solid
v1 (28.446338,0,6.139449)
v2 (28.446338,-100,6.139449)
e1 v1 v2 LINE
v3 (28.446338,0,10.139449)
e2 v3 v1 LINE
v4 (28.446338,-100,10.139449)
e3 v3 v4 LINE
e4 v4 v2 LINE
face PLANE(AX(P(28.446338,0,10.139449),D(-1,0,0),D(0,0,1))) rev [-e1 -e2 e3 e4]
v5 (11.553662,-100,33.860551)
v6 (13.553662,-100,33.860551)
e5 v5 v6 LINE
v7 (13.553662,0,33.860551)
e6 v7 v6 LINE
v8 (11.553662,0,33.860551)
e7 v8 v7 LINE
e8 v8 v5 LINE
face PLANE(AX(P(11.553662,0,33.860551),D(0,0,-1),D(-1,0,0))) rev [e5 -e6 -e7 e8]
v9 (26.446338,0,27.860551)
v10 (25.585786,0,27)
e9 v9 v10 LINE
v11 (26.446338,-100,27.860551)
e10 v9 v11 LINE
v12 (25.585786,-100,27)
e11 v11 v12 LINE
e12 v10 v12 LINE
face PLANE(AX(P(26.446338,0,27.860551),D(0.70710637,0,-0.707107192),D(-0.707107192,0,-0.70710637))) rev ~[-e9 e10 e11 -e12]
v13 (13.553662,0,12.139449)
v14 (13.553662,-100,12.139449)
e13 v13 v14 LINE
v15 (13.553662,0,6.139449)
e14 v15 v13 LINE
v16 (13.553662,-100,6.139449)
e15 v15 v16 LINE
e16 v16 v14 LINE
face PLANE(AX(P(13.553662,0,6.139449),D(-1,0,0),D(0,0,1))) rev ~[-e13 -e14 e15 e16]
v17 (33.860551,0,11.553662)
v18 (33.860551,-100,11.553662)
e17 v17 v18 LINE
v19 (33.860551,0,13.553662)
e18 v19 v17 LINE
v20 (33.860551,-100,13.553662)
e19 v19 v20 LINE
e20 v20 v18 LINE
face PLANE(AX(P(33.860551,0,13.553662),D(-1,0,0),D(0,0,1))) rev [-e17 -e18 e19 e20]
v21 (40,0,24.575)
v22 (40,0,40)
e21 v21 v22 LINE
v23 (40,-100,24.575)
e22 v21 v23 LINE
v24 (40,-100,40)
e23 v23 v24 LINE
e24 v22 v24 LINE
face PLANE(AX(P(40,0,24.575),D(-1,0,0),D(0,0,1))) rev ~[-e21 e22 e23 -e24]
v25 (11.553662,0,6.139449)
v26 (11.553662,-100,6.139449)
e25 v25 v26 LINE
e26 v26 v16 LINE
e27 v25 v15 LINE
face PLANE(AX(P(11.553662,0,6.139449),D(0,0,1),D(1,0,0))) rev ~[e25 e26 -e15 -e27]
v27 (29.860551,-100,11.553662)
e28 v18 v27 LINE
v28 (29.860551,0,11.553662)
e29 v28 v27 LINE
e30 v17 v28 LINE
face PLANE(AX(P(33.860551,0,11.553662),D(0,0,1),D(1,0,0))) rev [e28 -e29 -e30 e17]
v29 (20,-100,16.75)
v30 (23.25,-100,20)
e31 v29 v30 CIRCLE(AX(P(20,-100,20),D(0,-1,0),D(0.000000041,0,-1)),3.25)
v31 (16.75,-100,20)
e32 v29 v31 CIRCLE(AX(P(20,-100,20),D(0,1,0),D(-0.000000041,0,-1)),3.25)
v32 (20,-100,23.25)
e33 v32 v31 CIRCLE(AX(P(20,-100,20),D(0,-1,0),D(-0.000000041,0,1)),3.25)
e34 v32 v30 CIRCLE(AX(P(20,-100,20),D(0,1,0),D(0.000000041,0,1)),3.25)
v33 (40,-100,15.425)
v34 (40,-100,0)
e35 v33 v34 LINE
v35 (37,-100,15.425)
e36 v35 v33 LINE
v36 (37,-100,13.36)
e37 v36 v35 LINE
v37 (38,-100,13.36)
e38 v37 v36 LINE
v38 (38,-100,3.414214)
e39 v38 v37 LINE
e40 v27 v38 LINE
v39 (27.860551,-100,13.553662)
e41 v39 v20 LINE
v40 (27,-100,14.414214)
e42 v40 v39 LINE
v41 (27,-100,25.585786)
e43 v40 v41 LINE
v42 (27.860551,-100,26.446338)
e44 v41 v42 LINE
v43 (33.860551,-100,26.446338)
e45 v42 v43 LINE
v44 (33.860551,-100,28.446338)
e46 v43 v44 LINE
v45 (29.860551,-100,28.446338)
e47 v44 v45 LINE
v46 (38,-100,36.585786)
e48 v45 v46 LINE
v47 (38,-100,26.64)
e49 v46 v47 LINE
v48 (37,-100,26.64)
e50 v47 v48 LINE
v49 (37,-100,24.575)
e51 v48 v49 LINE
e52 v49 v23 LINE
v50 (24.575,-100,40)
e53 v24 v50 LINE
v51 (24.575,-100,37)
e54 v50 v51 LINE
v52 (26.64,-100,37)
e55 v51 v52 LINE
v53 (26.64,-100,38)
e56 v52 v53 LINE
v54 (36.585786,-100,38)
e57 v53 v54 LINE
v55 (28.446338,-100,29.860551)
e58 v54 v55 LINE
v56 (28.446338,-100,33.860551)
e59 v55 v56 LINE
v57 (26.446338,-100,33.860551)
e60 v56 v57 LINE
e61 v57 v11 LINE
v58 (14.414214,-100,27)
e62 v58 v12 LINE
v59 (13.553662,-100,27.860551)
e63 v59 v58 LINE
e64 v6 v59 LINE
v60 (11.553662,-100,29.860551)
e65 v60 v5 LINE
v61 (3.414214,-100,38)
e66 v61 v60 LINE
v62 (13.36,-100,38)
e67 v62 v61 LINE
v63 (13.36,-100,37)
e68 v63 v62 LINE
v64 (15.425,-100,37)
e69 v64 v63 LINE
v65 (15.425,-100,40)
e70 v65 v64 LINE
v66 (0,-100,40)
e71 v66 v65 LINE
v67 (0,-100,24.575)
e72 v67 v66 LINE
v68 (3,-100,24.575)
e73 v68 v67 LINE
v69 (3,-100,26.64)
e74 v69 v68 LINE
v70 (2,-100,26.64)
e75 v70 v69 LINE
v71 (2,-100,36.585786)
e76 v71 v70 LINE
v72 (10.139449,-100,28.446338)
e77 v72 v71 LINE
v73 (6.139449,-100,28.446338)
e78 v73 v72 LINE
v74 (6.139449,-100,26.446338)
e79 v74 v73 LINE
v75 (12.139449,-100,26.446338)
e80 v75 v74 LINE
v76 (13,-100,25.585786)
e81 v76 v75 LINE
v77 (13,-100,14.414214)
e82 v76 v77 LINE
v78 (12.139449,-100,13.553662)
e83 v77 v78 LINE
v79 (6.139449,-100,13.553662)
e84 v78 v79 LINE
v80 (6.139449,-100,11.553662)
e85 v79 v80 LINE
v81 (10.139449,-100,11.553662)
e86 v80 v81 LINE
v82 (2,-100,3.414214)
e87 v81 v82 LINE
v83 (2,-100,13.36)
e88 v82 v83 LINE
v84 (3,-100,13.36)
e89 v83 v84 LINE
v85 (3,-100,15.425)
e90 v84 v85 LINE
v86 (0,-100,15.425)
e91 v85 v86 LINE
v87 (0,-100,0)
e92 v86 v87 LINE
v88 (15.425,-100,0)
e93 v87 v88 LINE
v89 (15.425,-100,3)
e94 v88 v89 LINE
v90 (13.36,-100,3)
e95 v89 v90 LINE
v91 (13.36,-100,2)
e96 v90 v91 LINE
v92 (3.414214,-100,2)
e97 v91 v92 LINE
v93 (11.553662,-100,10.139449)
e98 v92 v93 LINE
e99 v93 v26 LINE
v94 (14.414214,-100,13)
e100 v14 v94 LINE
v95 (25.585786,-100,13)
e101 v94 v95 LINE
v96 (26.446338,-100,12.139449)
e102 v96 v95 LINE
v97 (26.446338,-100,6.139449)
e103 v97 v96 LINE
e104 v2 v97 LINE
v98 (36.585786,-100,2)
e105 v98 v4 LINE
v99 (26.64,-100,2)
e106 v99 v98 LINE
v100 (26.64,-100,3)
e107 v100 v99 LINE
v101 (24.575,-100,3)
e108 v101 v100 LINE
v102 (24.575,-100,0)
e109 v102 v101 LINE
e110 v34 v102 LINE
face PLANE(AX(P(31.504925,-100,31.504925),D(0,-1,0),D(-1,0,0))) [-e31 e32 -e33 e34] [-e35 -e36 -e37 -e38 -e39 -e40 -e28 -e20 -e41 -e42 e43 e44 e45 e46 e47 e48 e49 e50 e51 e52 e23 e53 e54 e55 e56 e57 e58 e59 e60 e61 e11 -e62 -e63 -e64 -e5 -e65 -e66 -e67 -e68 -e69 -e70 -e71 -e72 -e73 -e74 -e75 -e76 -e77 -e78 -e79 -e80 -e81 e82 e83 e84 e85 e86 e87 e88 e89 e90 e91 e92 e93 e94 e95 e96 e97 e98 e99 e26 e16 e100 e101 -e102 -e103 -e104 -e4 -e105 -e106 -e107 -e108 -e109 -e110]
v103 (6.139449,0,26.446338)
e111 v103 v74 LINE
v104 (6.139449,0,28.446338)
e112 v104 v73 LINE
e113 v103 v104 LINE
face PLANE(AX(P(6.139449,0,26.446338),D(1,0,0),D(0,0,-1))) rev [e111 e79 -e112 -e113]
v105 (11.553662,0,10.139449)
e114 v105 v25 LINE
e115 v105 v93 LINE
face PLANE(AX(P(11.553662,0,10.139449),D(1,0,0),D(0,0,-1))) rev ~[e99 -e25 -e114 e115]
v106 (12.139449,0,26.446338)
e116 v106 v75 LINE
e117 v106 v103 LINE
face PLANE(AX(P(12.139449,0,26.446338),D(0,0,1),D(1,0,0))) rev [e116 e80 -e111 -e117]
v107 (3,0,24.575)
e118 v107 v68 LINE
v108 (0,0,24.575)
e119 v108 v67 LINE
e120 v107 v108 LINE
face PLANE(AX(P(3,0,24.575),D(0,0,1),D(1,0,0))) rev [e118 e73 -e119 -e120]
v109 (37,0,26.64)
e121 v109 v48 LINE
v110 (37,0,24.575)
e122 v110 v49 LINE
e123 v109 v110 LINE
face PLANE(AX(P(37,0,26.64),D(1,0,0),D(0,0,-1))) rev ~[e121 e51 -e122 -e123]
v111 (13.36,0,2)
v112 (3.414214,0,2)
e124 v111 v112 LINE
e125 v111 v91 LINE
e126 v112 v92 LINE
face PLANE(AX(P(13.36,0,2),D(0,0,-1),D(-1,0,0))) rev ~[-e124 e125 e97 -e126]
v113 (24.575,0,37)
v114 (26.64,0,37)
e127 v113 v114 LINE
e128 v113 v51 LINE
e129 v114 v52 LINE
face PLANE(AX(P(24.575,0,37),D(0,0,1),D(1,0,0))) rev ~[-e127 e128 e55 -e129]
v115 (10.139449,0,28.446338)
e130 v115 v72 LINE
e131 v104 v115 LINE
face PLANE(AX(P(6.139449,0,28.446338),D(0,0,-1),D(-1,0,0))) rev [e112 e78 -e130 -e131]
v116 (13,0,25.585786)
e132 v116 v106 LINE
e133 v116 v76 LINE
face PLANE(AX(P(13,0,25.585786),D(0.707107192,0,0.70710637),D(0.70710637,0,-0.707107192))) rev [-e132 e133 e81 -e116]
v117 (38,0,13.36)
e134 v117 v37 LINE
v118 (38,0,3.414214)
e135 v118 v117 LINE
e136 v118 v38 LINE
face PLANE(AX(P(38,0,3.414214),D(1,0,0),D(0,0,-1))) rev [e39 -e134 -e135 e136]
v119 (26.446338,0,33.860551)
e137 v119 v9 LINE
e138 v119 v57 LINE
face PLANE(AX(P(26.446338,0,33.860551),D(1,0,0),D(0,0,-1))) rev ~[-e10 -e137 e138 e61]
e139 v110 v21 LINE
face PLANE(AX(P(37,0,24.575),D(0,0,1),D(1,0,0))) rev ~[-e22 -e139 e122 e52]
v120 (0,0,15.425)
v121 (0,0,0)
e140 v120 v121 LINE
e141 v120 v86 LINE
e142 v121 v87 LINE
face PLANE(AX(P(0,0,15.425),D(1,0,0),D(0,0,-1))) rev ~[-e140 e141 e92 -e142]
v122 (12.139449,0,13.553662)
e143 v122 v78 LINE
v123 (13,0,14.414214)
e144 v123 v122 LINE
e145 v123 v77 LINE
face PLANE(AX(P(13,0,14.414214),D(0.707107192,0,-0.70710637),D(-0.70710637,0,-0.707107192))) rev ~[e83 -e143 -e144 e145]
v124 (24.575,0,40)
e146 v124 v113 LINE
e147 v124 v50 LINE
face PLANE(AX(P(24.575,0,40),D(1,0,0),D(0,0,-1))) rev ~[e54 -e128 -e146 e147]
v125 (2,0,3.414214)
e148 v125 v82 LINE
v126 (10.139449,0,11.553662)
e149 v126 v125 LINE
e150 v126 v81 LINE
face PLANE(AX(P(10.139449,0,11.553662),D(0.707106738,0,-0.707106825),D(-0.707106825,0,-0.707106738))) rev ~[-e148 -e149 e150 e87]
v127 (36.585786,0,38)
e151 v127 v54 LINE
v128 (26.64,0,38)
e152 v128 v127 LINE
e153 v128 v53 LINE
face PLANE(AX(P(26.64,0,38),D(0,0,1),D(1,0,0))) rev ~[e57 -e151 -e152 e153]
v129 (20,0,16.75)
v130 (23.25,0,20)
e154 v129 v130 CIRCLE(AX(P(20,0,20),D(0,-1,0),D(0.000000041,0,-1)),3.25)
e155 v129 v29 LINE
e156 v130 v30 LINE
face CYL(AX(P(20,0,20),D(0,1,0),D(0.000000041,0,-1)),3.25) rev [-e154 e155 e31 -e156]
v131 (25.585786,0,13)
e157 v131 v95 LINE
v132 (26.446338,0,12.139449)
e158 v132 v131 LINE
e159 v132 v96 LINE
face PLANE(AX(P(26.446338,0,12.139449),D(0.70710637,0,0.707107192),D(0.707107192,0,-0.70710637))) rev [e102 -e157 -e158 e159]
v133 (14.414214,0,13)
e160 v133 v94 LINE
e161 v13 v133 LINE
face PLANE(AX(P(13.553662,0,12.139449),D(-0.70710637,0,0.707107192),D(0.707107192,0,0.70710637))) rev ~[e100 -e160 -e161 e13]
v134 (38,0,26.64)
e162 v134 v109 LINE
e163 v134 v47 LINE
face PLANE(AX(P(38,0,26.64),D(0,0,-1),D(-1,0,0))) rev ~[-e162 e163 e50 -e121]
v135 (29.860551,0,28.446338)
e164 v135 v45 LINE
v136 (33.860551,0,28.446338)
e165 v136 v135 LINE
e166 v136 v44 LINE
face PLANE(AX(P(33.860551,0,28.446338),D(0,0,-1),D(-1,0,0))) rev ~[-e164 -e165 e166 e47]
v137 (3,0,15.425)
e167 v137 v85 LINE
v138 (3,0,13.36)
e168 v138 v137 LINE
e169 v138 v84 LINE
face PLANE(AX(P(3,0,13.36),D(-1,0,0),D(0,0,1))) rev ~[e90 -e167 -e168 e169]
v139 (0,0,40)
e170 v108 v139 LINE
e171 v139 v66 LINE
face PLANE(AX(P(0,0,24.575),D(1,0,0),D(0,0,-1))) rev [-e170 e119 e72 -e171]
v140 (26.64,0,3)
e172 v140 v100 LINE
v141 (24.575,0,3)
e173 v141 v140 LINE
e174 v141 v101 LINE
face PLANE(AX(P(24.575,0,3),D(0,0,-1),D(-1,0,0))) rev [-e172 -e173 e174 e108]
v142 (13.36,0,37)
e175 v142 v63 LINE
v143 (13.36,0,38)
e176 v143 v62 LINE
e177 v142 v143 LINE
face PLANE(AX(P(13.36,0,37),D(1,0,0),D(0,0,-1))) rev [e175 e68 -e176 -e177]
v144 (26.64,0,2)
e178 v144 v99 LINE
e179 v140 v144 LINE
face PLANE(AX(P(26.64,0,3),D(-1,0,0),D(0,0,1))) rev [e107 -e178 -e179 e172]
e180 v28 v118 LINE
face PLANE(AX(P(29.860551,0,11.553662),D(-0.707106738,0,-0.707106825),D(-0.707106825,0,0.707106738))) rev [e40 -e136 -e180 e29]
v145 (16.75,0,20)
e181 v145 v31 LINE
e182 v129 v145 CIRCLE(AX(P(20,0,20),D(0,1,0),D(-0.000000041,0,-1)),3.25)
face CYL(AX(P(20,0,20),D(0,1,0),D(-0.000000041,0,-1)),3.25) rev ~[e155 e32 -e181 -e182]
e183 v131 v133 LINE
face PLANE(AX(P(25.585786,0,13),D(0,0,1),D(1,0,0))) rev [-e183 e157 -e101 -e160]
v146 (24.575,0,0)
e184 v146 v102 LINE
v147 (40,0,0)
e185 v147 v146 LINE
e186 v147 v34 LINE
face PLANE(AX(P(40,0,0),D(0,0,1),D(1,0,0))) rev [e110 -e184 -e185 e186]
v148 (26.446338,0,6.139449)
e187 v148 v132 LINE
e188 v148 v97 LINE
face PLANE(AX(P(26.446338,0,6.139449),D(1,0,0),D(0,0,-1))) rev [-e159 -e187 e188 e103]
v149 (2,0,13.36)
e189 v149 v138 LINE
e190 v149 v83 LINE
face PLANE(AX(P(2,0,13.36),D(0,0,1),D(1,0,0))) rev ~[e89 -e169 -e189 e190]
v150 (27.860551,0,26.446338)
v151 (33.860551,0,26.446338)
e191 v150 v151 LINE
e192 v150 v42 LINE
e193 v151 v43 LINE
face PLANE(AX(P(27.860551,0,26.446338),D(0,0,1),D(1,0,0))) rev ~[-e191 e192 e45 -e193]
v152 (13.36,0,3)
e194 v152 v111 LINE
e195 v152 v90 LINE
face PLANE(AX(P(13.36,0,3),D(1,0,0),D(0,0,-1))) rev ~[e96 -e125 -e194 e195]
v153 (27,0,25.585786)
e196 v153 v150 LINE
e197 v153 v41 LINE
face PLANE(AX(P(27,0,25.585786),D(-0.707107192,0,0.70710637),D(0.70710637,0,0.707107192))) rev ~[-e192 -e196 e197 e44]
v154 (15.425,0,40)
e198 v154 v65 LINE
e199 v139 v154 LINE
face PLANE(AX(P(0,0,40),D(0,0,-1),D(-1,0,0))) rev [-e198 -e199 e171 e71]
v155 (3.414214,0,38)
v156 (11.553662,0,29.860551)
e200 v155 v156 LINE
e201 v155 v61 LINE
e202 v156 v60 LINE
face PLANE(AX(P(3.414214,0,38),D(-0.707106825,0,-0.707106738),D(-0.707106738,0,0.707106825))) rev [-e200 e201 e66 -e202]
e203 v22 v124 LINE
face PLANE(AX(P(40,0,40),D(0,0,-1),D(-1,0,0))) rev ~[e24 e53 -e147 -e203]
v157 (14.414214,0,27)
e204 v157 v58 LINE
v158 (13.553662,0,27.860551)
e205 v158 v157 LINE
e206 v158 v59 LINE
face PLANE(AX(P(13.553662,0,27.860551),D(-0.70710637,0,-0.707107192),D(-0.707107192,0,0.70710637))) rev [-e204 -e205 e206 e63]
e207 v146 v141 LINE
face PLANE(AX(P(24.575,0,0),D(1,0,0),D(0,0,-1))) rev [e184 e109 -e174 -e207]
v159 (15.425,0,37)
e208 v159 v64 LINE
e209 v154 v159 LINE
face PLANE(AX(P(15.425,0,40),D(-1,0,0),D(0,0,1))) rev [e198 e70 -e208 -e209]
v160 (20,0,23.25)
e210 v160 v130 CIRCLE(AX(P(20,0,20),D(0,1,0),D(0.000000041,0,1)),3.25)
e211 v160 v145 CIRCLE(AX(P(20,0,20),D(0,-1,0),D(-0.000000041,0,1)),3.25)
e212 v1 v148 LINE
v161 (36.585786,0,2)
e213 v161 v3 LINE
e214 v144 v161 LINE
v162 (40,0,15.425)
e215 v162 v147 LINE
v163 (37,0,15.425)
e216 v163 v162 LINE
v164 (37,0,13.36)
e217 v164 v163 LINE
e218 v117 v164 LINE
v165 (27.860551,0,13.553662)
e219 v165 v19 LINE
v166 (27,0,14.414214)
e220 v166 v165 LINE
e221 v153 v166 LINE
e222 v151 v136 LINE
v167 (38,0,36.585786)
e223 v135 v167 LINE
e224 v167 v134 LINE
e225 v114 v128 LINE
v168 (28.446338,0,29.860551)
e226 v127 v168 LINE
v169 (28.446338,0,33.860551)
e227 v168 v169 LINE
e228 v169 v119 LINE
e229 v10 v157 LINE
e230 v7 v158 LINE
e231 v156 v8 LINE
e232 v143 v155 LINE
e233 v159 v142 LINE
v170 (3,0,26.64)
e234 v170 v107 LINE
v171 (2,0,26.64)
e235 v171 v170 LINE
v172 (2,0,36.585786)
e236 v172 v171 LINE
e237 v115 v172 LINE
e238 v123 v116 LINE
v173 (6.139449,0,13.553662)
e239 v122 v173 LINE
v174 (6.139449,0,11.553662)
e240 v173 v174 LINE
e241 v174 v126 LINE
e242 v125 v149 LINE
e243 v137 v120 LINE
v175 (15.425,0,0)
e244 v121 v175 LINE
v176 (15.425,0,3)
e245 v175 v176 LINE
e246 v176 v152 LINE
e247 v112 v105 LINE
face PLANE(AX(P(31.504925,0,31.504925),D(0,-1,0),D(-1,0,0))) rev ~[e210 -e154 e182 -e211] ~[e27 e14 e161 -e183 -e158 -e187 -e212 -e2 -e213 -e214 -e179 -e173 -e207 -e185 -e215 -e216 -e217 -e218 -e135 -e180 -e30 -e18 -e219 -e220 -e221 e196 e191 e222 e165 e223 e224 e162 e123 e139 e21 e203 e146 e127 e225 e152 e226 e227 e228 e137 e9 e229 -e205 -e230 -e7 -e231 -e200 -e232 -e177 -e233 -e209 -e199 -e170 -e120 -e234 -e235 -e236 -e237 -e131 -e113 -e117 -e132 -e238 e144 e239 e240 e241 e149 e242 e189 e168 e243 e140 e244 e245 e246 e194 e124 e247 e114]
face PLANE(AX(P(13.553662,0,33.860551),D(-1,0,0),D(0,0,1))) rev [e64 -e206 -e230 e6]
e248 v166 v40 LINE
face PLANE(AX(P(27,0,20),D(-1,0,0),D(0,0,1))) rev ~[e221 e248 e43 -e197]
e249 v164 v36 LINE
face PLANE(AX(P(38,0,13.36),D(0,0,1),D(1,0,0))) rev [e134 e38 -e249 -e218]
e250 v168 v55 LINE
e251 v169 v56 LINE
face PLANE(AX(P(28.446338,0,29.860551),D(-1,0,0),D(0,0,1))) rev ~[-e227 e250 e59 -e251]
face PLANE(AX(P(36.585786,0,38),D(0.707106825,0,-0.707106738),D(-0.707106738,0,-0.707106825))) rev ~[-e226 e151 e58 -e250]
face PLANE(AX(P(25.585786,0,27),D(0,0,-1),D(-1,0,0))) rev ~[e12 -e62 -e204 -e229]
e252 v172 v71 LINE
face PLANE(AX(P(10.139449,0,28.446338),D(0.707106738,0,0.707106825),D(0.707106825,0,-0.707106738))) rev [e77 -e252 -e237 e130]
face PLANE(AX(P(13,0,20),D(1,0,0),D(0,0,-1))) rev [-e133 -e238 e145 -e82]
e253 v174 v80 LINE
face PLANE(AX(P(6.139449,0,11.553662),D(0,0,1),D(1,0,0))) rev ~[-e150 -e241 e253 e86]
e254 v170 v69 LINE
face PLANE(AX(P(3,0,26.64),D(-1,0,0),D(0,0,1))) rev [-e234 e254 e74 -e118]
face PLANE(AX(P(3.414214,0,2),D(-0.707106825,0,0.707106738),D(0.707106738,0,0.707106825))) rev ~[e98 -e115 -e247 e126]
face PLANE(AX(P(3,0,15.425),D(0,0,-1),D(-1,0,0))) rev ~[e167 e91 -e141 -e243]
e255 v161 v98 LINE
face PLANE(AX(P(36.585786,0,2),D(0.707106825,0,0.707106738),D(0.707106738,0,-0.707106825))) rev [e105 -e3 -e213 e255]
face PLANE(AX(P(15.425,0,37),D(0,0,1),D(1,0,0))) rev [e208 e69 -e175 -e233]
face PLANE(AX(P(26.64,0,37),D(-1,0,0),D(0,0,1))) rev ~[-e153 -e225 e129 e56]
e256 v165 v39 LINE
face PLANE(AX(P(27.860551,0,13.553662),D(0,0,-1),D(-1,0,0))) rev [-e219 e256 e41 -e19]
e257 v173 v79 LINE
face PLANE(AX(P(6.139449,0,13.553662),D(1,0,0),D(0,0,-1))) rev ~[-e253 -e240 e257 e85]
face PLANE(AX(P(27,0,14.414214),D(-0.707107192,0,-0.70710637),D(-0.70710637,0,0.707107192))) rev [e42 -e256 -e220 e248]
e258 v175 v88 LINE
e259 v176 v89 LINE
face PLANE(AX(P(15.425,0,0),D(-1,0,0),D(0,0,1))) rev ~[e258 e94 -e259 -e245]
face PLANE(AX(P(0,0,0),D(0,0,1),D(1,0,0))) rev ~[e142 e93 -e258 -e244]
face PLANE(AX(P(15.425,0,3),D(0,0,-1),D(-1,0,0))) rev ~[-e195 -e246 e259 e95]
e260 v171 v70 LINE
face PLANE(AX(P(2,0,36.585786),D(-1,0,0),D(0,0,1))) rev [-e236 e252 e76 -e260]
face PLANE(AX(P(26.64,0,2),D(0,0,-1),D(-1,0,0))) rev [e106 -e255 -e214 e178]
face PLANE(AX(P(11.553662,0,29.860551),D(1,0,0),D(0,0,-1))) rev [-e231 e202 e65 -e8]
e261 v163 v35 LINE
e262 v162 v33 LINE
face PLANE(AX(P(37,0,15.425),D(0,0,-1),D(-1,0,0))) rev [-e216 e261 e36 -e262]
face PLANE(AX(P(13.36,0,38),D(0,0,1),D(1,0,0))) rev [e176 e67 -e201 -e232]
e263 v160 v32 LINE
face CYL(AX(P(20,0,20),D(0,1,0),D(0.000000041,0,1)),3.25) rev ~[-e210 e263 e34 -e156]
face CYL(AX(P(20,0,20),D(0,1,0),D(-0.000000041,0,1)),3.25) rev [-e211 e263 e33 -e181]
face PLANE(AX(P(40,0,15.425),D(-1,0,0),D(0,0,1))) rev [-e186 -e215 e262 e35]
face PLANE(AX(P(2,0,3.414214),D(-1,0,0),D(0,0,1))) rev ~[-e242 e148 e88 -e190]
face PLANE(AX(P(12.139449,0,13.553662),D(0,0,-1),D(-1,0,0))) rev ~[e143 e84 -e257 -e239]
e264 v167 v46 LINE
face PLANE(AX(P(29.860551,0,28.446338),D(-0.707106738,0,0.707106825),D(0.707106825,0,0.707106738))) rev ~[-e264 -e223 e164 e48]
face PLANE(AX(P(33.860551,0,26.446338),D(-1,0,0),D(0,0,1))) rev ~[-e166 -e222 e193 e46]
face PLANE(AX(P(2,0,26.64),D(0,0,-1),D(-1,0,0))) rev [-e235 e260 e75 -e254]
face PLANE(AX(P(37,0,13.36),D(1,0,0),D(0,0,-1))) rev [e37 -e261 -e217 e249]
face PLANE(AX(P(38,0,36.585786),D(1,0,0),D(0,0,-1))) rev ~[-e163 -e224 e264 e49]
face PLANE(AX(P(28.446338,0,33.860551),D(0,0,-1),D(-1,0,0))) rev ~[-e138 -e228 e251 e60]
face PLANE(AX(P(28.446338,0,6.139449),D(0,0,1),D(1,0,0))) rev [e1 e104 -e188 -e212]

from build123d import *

# Parameters (mm, degrees)
F1_DEPTH = 100


with BuildPart() as f1:
    # F0 (on Front) → F1 (new body)
    with BuildSketch(Plane.XZ):
        with BuildLine():
            Line((0, 15.425), (0, 0))
            Line((0, 0), (15.425, 0))
            Line((15.425, 0), (15.425, 3))
            Line((15.425, 3), (13.36, 3))
            Line((13.36, 3), (13.36, 2))
            Line((13.36, 2), (3.414214, 2))
            Line((3.414214, 2), (11.553662, 10.139449))
            Line((11.553662, 10.139449), (11.553662, 6.139449))
            Line((11.553662, 6.139449), (13.553662, 6.139449))
            Line((13.553662, 6.139449), (13.553662, 12.139449))
            Line((13.553662, 12.139449), (14.414214, 13))
            Line((14.414214, 13), (20, 13))
            Line((20, 13), (20, 16.75))
            ThreePointArc((20, 16.75), (17.701903, 17.701903), (16.75, 20))
            Line((16.75, 20), (13, 20))
            Line((13, 20), (13, 14.414214))
            Line((13, 14.414214), (12.139449, 13.553662))
            Line((12.139449, 13.553662), (6.139449, 13.553662))
            Line((6.139449, 13.553662), (6.139449, 11.553662))
            Line((6.139449, 11.553662), (10.139449, 11.553662))
            Line((10.139449, 11.553662), (2, 3.414214))
            Line((2, 3.414214), (2, 13.36))
            Line((2, 13.36), (3, 13.36))
            Line((3, 13.36), (3, 15.425))
            Line((3, 15.425), (0, 15.425))
        make_face()
    extrude(amount=F1_DEPTH)

    # F2: F1 across face


with BuildPart() as f1_1:
    add(f1.part)
    add(f1.part.mirror(Plane(origin=(20, -50, 14.875), x_dir=(0, 1, 0), z_dir=(1, 0, 0))))

    # F3: F1 across face


with BuildPart() as f1_2:
    add(f1_1.part)
    add(f1_1.part.mirror(Plane(origin=(14.875, -50, 20), x_dir=(1, 0, 0), z_dir=(0, 0, 1))))


solid = f1_2.part
